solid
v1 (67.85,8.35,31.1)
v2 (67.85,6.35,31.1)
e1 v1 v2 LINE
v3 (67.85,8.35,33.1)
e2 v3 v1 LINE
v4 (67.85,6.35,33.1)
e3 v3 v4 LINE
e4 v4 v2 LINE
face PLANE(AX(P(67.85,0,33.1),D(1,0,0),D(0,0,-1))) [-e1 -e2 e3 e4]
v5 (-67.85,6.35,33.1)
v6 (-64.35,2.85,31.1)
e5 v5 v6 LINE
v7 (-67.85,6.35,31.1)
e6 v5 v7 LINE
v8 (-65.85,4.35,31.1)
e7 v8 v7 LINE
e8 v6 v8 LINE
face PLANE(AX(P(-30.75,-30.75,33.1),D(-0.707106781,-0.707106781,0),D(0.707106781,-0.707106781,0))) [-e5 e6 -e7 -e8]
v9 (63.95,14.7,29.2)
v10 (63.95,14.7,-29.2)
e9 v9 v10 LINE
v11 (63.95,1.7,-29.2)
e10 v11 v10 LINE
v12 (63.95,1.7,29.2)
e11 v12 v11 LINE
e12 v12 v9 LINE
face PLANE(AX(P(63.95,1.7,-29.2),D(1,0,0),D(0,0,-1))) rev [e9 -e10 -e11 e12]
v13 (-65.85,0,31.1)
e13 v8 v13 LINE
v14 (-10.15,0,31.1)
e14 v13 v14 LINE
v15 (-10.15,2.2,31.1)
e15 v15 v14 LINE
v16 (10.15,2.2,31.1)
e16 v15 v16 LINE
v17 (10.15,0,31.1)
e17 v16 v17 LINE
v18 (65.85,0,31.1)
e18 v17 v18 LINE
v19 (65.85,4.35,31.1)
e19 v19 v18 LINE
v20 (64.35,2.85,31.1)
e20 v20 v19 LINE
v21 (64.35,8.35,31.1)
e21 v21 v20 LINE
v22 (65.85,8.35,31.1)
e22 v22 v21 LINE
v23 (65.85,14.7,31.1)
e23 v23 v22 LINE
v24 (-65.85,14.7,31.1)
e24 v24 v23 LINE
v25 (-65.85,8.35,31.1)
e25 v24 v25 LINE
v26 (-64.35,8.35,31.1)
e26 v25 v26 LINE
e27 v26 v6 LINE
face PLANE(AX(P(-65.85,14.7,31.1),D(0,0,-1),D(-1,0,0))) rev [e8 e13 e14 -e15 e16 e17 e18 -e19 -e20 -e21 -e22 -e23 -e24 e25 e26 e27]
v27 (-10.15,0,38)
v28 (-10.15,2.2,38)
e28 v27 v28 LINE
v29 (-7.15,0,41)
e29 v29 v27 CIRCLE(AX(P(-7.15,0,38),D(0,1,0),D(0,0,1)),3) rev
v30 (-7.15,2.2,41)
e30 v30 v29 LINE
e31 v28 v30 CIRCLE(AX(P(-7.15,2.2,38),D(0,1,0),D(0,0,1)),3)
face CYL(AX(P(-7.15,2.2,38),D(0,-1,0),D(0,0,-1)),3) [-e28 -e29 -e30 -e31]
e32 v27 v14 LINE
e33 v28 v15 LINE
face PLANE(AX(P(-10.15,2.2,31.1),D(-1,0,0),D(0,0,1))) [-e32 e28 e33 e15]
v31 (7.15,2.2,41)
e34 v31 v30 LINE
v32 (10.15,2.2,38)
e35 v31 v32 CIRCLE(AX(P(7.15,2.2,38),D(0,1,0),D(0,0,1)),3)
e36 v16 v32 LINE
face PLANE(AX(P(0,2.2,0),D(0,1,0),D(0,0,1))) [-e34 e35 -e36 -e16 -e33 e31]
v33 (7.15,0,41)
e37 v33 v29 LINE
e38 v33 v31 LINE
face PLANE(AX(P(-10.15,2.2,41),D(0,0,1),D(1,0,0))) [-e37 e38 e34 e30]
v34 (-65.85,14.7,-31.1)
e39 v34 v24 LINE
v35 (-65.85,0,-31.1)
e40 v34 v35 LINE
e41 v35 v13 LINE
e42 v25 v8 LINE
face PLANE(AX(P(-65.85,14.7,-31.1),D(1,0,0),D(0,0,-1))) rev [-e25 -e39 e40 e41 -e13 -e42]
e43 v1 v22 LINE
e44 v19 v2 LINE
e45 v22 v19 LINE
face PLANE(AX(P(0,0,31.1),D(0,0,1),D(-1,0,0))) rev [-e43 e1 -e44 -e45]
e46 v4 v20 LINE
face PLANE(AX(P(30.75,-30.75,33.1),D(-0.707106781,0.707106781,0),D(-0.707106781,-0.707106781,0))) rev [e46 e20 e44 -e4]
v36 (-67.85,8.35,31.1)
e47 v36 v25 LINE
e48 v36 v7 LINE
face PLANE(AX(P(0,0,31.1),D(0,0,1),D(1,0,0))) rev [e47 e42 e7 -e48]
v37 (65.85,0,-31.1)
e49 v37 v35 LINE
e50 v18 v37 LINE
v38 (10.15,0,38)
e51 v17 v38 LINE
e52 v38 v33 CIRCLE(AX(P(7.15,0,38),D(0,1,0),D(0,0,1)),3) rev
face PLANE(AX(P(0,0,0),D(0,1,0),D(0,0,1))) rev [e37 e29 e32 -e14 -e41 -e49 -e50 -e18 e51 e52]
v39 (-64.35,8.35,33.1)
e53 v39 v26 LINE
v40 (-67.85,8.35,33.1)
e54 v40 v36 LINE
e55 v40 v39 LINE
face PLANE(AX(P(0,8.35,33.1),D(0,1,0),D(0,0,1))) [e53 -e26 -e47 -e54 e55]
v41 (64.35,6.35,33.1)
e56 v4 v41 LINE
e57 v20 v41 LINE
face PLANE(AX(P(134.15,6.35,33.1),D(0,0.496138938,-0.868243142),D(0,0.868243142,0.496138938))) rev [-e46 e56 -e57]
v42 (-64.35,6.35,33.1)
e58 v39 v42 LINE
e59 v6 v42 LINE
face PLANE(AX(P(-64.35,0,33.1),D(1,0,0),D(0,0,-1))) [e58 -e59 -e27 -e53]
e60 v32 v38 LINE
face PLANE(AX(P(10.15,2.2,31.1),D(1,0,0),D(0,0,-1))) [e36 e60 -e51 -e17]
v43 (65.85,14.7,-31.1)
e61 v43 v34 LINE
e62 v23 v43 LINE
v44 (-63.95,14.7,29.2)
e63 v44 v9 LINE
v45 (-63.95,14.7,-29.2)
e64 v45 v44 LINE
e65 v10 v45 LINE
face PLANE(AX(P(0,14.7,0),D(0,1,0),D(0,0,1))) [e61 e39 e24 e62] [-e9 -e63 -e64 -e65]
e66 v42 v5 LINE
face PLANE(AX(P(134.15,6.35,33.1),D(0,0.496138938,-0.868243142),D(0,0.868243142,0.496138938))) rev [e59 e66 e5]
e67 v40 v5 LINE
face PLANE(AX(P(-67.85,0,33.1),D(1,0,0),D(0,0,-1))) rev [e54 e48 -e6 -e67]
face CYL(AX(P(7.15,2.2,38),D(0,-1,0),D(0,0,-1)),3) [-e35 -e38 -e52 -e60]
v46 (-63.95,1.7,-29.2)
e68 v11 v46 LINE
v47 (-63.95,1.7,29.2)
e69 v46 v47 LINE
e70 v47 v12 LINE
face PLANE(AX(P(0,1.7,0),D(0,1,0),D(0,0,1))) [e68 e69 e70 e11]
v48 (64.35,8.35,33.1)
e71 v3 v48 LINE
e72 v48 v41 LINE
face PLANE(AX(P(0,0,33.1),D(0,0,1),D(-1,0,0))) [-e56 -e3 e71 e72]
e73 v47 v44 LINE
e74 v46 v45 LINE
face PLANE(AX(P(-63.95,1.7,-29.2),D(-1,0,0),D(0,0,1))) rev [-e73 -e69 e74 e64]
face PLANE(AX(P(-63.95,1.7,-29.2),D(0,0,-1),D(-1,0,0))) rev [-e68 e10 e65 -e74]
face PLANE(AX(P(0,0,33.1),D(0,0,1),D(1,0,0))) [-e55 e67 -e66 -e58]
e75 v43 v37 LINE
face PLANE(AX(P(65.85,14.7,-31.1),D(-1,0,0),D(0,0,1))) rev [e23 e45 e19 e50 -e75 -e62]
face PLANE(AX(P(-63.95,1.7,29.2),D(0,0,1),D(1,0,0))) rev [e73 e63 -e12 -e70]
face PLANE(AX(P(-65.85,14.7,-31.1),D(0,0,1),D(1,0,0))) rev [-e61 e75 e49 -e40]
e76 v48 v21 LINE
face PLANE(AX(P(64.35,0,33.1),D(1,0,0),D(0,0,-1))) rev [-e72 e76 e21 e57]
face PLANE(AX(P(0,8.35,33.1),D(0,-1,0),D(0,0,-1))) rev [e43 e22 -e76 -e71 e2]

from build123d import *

# Parameters (mm, degrees)
SKETCH2_W           = 131.7
SKETCH2_H           = 62.2
BOSS_EXTRUDE1_DEPTH = 14.7
SKETCH3_W           = 127.9
SKETCH3_H           = 58.4
CUT_EXTRUDE1_DEPTH  = 13
SKETCH4_W           = 20.3
SKETCH4_H           = 9.9
BOSS_EXTRUDE2_DEPTH = 2.2
FILLET1_R           = 3
SKETCH5_W           = 1.5
SKETCH5_H           = 2
SKETCH5_W_2         = 2
BOSS_EXTRUDE3_DEPTH = 2
CUT_EXTRUDE2_DEPTH  = 200


with BuildPart() as part:
    # Sketch2 → Boss-Extrude1 (new body)
    with BuildSketch(Plane(origin=(0, 0, 0), x_dir=(1, 0, 0), z_dir=(0, 1, 0))):
        Rectangle(SKETCH2_W, SKETCH2_H)
    extrude(amount=BOSS_EXTRUDE1_DEPTH)

    # Sketch3 → Cut-Extrude1 (cut)
    with BuildSketch(Plane(origin=(0, 14.7, 0), x_dir=(1, 0, 0), z_dir=(0, 1, 0))):
        Rectangle(SKETCH3_W, SKETCH3_H)
    extrude(amount=-CUT_EXTRUDE1_DEPTH, mode=Mode.SUBTRACT)

    # Sketch4 → Boss-Extrude2 (add)
    with BuildSketch(Plane.XZ):
        with Locations((0, 36.05)):
            Rectangle(SKETCH4_W, SKETCH4_H)
    extrude(amount=-BOSS_EXTRUDE2_DEPTH)

    # Fillet1
    fillet1_edges = [part.edges().sort_by_distance(p)[0] for p in [
        (-10.15, 1.1, 41),
        (10.15, 1.1, 41),
    ]]
    fillet(fillet1_edges, radius=FILLET1_R)

    # Sketch5 → Boss-Extrude3 (add)
    with BuildSketch(Plane.XY.offset(31.1)):
        with Locations((-65.1, 7.35)):
            Rectangle(SKETCH5_W, SKETCH5_H)
        with Locations((-66.85, 7.35)):
            Rectangle(SKETCH5_W_2, SKETCH5_H)
        Polygon((-65.85, 4.35), (-65.85, 6.35), (-67.85, 6.35), align=None)
        Polygon((-64.35, 6.35), (-65.85, 6.35), (-65.85, 4.35), (-64.35, 2.85), align=None)
    boss_extrude3 = extrude(amount=BOSS_EXTRUDE3_DEPTH)

    # Mirror1: Boss-Extrude3 across plane
    add(boss_extrude3.mirror(Plane(origin=(0, 0, 0), x_dir=(0, 0, 1), z_dir=(1, 0, 0))))

    # Sketch6 → Cut-Extrude2 (cut, symmetric)
    with BuildSketch(Plane.ZY.offset(65.85)):
        Polygon((33.1, 6.35), (31.1, 2.85), (33.1, 2.85), align=None)
    extrude(amount=CUT_EXTRUDE2_DEPTH, both=True, mode=Mode.SUBTRACT)


solid = part.part
